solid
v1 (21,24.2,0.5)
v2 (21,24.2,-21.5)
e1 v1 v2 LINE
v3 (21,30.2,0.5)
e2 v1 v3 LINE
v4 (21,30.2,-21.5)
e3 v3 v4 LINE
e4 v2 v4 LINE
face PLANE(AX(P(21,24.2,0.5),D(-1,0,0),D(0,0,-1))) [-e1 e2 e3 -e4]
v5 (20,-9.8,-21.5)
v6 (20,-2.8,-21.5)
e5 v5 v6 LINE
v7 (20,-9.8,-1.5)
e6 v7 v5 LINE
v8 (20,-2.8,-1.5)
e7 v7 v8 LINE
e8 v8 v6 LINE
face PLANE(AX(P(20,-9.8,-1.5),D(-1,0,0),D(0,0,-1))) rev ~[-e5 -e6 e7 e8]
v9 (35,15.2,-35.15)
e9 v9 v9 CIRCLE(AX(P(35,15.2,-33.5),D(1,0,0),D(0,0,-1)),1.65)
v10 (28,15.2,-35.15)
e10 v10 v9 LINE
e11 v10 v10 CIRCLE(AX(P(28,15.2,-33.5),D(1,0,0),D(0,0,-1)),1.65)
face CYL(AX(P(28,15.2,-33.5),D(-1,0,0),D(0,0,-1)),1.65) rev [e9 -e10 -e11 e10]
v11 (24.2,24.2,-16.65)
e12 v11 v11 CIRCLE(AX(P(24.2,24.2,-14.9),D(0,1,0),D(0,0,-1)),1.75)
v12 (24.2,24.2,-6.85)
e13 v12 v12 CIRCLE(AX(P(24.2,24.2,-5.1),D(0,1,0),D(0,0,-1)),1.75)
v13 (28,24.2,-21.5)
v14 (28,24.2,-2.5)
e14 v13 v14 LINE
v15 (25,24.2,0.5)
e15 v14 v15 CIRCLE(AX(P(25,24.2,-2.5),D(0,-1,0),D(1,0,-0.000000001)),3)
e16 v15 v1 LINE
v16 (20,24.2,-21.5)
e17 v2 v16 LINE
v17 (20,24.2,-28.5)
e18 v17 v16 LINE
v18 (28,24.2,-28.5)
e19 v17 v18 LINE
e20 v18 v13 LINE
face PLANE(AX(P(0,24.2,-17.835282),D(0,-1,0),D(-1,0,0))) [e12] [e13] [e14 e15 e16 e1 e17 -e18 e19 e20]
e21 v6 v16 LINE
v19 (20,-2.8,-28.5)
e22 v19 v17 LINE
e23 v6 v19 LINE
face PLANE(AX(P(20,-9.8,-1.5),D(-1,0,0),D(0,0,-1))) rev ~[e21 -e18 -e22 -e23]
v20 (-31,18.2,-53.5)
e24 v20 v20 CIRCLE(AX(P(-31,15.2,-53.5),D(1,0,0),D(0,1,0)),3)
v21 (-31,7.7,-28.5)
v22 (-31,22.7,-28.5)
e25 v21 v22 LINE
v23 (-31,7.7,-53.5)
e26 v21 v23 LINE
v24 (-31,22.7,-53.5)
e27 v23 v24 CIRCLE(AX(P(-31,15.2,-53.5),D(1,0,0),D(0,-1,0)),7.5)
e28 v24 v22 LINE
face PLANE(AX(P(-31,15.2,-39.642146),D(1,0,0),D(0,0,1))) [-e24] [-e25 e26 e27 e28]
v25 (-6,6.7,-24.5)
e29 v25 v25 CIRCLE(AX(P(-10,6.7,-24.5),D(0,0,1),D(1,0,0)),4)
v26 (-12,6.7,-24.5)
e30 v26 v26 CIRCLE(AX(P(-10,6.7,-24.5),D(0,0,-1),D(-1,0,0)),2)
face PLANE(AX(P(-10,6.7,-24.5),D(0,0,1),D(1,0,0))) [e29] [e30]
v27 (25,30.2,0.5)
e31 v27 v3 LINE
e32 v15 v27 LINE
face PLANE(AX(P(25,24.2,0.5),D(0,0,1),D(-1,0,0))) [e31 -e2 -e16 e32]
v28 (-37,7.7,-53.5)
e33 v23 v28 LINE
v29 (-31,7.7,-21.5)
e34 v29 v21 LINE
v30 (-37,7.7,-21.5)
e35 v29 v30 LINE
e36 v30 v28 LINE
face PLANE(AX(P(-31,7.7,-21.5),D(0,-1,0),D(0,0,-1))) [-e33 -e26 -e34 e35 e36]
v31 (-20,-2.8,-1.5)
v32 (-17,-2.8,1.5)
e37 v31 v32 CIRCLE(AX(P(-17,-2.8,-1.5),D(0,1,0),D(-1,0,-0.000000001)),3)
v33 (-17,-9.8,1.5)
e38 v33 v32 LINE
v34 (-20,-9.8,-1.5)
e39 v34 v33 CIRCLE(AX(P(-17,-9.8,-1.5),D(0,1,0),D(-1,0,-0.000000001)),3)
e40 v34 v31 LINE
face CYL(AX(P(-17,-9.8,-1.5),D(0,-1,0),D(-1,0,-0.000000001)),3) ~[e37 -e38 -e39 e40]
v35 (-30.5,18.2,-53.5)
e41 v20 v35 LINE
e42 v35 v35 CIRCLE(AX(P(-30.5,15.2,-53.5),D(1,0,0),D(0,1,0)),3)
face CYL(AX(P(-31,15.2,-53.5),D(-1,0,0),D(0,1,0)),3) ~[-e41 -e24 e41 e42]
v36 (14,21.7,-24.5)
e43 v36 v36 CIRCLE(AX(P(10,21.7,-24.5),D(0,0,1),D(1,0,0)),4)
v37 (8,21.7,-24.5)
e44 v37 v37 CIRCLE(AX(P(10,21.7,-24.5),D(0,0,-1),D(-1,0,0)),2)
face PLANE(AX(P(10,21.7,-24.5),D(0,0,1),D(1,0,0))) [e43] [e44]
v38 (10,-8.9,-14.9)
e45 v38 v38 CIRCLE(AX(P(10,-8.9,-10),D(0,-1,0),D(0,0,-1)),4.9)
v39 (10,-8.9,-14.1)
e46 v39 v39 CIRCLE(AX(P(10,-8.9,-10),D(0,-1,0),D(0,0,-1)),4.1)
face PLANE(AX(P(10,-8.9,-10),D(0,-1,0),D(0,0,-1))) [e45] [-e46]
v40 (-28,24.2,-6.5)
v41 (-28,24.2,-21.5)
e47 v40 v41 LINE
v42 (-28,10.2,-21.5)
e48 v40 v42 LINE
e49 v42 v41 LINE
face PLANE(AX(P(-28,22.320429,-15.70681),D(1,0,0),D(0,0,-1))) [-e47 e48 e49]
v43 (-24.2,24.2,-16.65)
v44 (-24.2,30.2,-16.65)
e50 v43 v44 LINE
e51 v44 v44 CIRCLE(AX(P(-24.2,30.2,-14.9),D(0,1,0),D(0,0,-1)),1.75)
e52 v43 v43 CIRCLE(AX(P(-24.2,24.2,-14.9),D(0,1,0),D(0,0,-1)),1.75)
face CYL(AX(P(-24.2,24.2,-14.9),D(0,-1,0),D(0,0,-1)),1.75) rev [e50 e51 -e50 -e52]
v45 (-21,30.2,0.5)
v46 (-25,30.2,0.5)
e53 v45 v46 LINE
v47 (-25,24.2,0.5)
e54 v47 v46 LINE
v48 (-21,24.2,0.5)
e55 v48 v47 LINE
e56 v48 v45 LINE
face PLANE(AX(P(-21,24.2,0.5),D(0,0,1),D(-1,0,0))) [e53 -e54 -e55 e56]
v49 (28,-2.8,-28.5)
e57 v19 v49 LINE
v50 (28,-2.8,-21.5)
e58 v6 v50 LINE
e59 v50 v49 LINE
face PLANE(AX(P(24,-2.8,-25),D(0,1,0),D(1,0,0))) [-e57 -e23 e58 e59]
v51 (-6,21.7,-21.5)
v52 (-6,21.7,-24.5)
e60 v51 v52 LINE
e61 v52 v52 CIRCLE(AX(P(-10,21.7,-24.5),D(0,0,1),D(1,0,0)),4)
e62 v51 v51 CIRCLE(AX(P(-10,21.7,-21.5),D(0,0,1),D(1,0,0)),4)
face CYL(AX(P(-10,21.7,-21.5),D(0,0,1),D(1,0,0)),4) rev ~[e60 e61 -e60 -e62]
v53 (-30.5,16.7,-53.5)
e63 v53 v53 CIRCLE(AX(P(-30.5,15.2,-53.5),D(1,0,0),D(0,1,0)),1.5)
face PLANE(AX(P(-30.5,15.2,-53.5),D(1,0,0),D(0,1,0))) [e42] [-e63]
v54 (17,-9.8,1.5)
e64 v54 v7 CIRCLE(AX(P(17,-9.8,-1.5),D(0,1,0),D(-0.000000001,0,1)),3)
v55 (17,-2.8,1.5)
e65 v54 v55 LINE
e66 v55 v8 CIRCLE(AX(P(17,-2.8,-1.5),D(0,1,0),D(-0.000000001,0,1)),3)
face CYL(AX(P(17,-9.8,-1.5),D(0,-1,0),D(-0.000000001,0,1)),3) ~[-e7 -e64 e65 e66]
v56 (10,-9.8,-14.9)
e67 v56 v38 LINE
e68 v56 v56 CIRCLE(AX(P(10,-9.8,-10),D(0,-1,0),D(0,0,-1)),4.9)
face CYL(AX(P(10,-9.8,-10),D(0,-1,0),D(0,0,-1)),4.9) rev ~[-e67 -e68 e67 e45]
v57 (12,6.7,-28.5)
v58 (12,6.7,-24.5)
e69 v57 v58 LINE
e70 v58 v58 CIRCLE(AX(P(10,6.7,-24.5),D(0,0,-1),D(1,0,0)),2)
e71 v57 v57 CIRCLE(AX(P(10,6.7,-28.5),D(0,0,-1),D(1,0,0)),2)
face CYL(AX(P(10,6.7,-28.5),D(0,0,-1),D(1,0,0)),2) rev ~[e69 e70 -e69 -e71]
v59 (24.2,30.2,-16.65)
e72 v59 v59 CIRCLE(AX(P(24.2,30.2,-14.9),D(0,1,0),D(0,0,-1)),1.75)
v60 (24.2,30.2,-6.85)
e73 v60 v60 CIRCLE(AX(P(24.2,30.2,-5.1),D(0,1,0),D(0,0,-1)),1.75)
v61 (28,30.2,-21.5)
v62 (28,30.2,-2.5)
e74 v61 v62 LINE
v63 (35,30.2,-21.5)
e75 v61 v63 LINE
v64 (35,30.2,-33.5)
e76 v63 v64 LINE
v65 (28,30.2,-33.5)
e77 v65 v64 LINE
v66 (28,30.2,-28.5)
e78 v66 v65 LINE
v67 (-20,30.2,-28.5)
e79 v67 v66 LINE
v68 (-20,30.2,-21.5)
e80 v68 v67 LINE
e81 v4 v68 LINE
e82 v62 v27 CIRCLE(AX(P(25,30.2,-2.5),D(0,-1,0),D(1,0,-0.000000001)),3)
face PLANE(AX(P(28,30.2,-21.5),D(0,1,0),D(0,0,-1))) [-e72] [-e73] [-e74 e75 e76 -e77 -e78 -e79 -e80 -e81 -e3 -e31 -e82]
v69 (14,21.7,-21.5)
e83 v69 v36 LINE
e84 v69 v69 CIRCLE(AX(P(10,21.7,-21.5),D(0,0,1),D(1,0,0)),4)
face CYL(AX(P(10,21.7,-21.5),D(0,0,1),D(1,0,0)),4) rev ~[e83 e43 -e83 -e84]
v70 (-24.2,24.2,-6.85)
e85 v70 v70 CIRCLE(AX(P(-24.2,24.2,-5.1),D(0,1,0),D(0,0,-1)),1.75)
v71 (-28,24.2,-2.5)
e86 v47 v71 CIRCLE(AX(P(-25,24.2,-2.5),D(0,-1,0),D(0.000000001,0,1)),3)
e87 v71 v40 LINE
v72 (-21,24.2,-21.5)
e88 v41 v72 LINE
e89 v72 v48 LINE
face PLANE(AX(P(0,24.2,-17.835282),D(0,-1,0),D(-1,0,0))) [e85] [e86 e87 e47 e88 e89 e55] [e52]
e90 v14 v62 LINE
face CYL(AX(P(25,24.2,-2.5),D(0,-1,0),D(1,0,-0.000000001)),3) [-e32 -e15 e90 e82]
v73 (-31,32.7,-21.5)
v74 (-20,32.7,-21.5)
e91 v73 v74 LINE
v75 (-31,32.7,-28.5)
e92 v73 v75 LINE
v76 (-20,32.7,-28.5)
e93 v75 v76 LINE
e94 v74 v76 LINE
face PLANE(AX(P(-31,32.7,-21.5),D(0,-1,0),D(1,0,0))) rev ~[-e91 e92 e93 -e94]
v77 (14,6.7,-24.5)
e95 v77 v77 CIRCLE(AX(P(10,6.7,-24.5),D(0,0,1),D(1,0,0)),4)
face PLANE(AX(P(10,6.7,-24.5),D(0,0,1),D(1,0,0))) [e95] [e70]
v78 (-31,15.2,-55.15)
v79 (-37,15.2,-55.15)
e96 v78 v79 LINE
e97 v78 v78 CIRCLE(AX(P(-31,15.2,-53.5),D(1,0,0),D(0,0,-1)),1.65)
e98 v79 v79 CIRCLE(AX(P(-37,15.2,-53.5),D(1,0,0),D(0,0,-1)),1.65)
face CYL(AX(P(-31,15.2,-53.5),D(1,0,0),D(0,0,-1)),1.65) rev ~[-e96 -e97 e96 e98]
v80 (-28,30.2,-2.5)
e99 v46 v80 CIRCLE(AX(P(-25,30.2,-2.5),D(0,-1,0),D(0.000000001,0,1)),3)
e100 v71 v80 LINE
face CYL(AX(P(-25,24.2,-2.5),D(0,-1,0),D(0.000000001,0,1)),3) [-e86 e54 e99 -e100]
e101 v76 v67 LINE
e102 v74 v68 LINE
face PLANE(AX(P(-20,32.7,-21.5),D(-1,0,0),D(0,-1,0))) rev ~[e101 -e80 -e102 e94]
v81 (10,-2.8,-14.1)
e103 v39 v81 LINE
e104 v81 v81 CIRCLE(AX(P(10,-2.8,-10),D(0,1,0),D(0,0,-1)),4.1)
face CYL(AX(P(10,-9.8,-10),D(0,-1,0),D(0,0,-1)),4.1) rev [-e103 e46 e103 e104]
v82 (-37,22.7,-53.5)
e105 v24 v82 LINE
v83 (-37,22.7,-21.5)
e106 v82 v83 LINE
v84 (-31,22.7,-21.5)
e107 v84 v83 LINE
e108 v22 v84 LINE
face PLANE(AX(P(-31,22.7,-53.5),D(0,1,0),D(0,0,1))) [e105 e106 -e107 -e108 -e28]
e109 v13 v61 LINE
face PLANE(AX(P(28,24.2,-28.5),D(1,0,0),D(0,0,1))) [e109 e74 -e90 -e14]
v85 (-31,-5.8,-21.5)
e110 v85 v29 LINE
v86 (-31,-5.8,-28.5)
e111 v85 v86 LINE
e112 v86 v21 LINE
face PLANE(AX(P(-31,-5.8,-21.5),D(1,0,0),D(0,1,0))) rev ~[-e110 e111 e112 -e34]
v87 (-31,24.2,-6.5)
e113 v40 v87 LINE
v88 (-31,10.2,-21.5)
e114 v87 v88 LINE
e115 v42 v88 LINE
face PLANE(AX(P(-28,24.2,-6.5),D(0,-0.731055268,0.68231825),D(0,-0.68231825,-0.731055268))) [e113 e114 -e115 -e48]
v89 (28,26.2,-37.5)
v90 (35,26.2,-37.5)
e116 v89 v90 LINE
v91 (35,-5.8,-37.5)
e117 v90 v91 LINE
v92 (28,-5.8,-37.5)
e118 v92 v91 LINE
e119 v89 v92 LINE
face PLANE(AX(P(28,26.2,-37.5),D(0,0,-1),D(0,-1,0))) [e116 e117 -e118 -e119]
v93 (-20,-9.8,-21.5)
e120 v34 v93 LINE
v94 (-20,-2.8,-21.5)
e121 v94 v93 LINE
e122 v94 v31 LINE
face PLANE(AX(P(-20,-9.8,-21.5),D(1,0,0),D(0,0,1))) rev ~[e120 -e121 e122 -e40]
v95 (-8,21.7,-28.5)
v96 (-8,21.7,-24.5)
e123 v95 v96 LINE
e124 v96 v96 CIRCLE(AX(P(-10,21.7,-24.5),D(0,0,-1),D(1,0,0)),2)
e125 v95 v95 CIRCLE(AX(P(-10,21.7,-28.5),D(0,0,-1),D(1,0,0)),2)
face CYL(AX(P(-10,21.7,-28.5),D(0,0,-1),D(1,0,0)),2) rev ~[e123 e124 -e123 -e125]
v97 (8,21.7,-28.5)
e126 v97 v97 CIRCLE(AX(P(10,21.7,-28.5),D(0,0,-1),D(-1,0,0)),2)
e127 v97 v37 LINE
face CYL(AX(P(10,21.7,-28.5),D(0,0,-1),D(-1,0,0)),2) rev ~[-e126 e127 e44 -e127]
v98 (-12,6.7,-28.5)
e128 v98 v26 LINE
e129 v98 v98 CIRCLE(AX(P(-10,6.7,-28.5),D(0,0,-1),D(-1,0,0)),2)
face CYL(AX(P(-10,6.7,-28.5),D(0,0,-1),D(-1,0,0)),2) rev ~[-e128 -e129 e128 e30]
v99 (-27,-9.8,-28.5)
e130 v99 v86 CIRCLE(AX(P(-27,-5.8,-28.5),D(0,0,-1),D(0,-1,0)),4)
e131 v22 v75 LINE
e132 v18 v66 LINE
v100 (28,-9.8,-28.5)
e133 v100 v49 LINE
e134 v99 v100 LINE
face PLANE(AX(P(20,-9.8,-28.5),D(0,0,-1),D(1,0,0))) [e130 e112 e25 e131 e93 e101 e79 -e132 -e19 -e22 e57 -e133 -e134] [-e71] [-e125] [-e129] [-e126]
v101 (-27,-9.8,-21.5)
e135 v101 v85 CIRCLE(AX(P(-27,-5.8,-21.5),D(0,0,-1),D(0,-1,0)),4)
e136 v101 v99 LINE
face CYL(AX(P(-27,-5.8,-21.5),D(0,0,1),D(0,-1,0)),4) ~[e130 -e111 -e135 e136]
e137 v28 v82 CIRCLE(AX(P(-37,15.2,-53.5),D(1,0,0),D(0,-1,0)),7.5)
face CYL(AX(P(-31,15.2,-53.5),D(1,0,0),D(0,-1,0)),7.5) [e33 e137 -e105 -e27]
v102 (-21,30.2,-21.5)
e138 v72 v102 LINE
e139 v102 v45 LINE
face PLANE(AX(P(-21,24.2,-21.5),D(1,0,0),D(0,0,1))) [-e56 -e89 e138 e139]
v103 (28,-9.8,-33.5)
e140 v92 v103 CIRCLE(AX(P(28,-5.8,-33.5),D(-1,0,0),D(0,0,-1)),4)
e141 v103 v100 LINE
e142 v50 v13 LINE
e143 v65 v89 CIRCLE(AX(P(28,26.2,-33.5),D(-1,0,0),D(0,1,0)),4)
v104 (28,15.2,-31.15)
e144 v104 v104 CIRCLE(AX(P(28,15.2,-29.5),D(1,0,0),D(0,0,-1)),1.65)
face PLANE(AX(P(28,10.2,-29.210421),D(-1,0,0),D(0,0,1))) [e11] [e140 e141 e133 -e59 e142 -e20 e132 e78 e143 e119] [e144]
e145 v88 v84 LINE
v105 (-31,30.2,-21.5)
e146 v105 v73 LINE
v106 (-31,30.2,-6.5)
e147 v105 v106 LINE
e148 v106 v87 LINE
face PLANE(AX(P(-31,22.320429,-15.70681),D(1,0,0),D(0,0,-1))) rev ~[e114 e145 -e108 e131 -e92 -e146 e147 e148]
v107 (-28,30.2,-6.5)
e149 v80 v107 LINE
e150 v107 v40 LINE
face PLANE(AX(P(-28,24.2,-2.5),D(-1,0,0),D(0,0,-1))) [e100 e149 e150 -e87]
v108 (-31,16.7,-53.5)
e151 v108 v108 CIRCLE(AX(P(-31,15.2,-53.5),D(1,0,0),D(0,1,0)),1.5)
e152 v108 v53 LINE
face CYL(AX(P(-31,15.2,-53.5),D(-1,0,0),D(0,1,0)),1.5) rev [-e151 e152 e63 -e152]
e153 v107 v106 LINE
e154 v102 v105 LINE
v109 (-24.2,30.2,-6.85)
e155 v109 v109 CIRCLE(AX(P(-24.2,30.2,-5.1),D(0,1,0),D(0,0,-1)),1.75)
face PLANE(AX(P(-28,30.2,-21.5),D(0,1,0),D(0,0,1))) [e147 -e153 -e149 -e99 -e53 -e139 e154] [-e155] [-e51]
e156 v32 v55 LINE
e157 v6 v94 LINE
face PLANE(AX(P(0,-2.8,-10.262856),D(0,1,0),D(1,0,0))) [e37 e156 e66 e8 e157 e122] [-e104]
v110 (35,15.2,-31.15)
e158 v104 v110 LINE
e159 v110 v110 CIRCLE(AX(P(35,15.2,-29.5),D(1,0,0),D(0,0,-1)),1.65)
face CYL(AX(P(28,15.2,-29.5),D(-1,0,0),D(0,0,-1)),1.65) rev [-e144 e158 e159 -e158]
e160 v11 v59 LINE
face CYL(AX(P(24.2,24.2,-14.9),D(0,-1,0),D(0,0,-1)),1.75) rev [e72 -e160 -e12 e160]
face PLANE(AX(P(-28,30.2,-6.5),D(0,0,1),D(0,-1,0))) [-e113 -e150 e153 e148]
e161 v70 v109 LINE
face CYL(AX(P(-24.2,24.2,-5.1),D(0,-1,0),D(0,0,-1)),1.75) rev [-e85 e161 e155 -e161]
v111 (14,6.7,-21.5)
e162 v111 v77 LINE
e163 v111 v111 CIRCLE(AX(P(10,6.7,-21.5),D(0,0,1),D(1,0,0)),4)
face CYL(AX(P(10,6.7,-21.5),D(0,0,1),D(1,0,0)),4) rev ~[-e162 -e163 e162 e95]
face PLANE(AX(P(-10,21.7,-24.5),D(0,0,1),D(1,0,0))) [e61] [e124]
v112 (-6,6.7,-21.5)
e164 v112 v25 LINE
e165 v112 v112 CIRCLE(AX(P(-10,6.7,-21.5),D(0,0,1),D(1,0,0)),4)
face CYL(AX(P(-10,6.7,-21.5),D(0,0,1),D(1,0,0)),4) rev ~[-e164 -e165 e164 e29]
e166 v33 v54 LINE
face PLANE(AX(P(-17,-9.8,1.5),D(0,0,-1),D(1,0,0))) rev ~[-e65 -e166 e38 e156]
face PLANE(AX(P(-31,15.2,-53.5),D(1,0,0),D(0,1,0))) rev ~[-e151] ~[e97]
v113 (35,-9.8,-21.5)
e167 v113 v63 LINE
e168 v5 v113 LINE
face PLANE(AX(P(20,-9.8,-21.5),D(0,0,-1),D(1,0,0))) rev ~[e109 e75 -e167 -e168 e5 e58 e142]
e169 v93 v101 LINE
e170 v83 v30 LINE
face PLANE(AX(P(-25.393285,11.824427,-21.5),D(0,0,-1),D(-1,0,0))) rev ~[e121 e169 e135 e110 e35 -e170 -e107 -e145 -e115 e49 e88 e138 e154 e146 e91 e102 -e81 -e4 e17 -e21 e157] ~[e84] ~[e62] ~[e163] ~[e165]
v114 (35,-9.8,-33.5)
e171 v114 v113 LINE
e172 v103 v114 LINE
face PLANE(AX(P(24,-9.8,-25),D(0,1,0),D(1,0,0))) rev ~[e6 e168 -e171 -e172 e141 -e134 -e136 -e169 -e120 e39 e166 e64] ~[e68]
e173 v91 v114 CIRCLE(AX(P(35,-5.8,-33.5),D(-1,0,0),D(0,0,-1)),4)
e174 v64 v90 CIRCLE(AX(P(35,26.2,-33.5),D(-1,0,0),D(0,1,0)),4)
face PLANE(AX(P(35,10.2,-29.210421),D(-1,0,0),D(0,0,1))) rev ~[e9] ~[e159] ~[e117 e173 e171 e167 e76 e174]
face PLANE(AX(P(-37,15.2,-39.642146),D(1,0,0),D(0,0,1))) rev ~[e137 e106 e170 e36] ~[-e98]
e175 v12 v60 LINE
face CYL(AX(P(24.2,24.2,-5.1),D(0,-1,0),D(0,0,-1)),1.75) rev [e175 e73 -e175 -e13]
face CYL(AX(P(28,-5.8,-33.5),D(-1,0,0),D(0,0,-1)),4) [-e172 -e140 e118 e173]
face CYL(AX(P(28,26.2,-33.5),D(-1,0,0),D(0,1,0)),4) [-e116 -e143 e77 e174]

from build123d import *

# Parameters (mm, degrees)
EXTRUDE_START       = 24.2
SKETCH_4_R          = 1.75
EXTRUDE_1_DEPTH     = 6
SKETCH_5_W          = 40
SKETCH_5_H          = 34
SKETCH_5_R          = 2
EXTRUDE_2_DEPTH     = 7
CUT_EXTRUDE_START   = -21.5
SKETCH_6_R          = 4
CUT_EXTRUDE_1_DEPTH = 3
EXTRUDE_START_2     = -9.8
SKETCH_7_R          = 4.1
EXTRUDE_3_DEPTH     = 7
SKETCH_8_R          = 4.9
CUT_EXTRUDE_2_DEPTH = 0.9
EXTRUDE_START_3     = -53
SKETCH_9_R          = 1.65
EXTRUDE_4_DEPTH     = 6
EXTRUDE_START_4     = -21.5
EXTRUDE_5_DEPTH     = 7
EXTRUDE_START_5     = -28
EXTRUDE_7_DEPTH     = 3
EXTRUDE_START_6     = 28
SKETCH_14_R         = 1.65
EXTRUDE_8_DEPTH     = 7
SKETCH_15_W         = 8
SKETCH_15_H         = 7
EXTRUDE_9_DEPTH     = 7
SKETCH_17_R         = 3
SKETCH_17_R_2       = 1.5
EXTRUDE_11_DEPTH    = 0.5


with BuildPart() as part:
    # 草图4 → 凸台-拉伸1 (new body)
    with BuildSketch(Plane(origin=(0, 0, 0), x_dir=(1, 0, 0), z_dir=(0, 1, 0)).offset(EXTRUDE_START)):
        with BuildLine():
            Line((-28, 28.5), (28, 28.5))
            Line((28, 28.5), (28, 2.5))
            ThreePointArc((28, 2.5), (27.121320344, 0.378679656), (25, -0.5))
            Line((25, -0.5), (21, -0.5))
            Line((21, -0.5), (21, 21.5))
            Line((21, 21.5), (-21, 21.5))
            Line((-21, 21.5), (-21, -0.5))
            Line((-21, -0.5), (-25, -0.5))
            ThreePointArc((-25, -0.5), (-27.121320344, 0.378679656), (-28, 2.5))
            Line((-28, 2.5), (-28, 28.5))
        make_face()
        with Locations(Location((-24.2, 14.9, 0), (0, 0, 90))):
            Circle(SKETCH_4_R, mode=Mode.SUBTRACT)
        with Locations(Location((-24.2, 5.1, 0), (0, 0, 90))):
            Circle(SKETCH_4_R, mode=Mode.SUBTRACT)
        with Locations(Location((24.2, 14.9, 0), (0, 0, 90))):
            Circle(SKETCH_4_R, mode=Mode.SUBTRACT)
        with Locations(Location((24.2, 5.1, 0), (0, 0, 90))):
            Circle(SKETCH_4_R, mode=Mode.SUBTRACT)
    extrude(amount=EXTRUDE_1_DEPTH)

    # 草图5 → 凸台-拉伸2 (add)
    with BuildSketch(Plane(origin=(0, 0, -28.5), x_dir=(-1, 0, 0), z_dir=(0, 0, -1))):
        with Locations((0, 7.2)):
            Rectangle(SKETCH_5_W, SKETCH_5_H)
        with Locations((-10, 21.7)):
            Circle(SKETCH_5_R, mode=Mode.SUBTRACT)
        with Locations(Location((10, 21.7, 0), (0, 0, 180))):
            Circle(SKETCH_5_R, mode=Mode.SUBTRACT)
        with Locations((10, 6.7)):
            Circle(SKETCH_5_R, mode=Mode.SUBTRACT)
        with Locations(Location((-10, 6.7, 0), (0, 0, 180))):
            Circle(SKETCH_5_R, mode=Mode.SUBTRACT)
    extrude(amount=-EXTRUDE_2_DEPTH)

    # 草图6 → 切除-拉伸1 (cut)
    with BuildSketch(Plane.XY.offset(CUT_EXTRUDE_START)):
        with Locations((-10, 21.7)):
            Circle(SKETCH_6_R)
        with Locations((10, 21.7)):
            Circle(SKETCH_6_R)
        with Locations((-10, 6.7)):
            Circle(SKETCH_6_R)
        with Locations((10, 6.7)):
            Circle(SKETCH_6_R)
    extrude(amount=-CUT_EXTRUDE_1_DEPTH, mode=Mode.SUBTRACT)

    # 草图7 → 凸台-拉伸3 (add)
    with BuildSketch(Plane(origin=(0, 0, 0), x_dir=(1, 0, 0), z_dir=(0, 1, 0)).offset(EXTRUDE_START_2)):
        with BuildLine():
            Line((20, 21.5), (-20, 21.5))
            Line((-20, 21.5), (-20, 1.5))
            ThreePointArc((-20, 1.5), (-19.121320344, -0.621320344), (-17, -1.5))
            Line((-17, -1.5), (17, -1.5))
            ThreePointArc((17, -1.5), (19.121320344, -0.621320344), (20, 1.5))
            Line((20, 1.5), (20, 21.5))
        make_face()
        with Locations(Location((10, 10, 0), (0, 0, 90))):
            Circle(SKETCH_7_R, mode=Mode.SUBTRACT)
    extrude(amount=EXTRUDE_3_DEPTH)

    # 草图8 → 切除-拉伸2 (cut)
    with BuildSketch(Plane.XZ.offset(9.8)):
        with Locations(Location((10, -10, 0), (0, 0, 270))):
            Circle(SKETCH_8_R)
    extrude(amount=-CUT_EXTRUDE_2_DEPTH, mode=Mode.SUBTRACT)



with BuildPart() as body_2:
    # 草图9 → 凸台-拉伸4 (new body)
    with BuildSketch(Plane(origin=(22, 25.2, -45.868265324), x_dir=(0, 0, 1), z_dir=(1, 0, 0)).offset(EXTRUDE_START_3)):
        with BuildLine():
            Line((-7.631734676, 2.5), (24.368265324, 2.5))
            Line((24.368265324, 2.5), (24.368265324, 17.5))
            Line((24.368265324, 17.5), (-7.631734676, 17.5))
            ThreePointArc((-7.631734676, 17.5), (-15.131734676, 10), (-7.631734676, 2.5))
        make_face()
        with Locations(Location((-7.631734676, 10, 0), (0, 0, 180))):
            Circle(SKETCH_9_R, mode=Mode.SUBTRACT)
    extrude(amount=-EXTRUDE_4_DEPTH)


with BuildPart() as part_1:
    add(part.part)

    add(body_2.part)  # 凸台-拉伸5 merges body 2
    # 草图10 → 凸台-拉伸5 (add)
    with BuildSketch(Plane.XY.offset(EXTRUDE_START_4)):
        with BuildLine():
            Line((-31, 32.7), (-20, 32.7))
            Line((-20, 32.7), (-20, -9.8))
            Line((-20, -9.8), (-27, -9.8))
            ThreePointArc((-27, -9.8), (-29.828427125, -8.628427125), (-31, -5.8))
            Line((-31, -5.8), (-31, 32.7))
        make_face()
    extrude(amount=-EXTRUDE_5_DEPTH)

    # 草图12 → 凸台-拉伸7 (add)
    with BuildSketch(Plane(origin=(0, 0, 0), x_dir=(0, 0, -1), z_dir=(1, 0, 0)).offset(EXTRUDE_START_5)):
        Polygon((6.5, 30.2), (6.5, 24.2), (21.5, 10.2), (21.5, 30.2), align=None)
    extrude(amount=-EXTRUDE_7_DEPTH)

    # 草图14 → 凸台-拉伸8 (add)
    with BuildSketch(Plane(origin=(0, 0, 0), x_dir=(0, 0, -1), z_dir=(1, 0, 0)).offset(EXTRUDE_START_6)):
        with BuildLine():
            Line((21.5, 30.2), (33.5, 30.2))
            ThreePointArc((33.5, 30.2), (36.328427125, 29.028427125), (37.5, 26.2))
            Line((37.5, 26.2), (37.5, -5.8))
            ThreePointArc((37.5, -5.8), (36.328427125, -8.628427125), (33.5, -9.8))
            Line((33.5, -9.8), (21.5, -9.8))
            Line((21.5, -9.8), (21.5, 30.2))
        make_face()
        with Locations((29.5, 15.2)):
            Circle(SKETCH_14_R, mode=Mode.SUBTRACT)
        with Locations((33.5, 15.2)):
            Circle(SKETCH_14_R, mode=Mode.SUBTRACT)
    extrude(amount=EXTRUDE_8_DEPTH)

    # 草图15 → 凸台-拉伸9 (add)
    with BuildSketch(Plane(origin=(0, 0, 0), x_dir=(1, 0, 0), z_dir=(0, 1, 0)).offset(EXTRUDE_START_2)):
        with Locations((24, 25)):
            Rectangle(SKETCH_15_W, SKETCH_15_H)
    extrude(amount=EXTRUDE_9_DEPTH)

    # 草图17 → 凸台-拉伸11 (add)
    with BuildSketch(Plane(origin=(-31, 0, 0), x_dir=(0, 0, -1), z_dir=(1, 0, 0))):
        with Locations(Location((53.5, 15.2, 0), (0, 0, 90))):
            Circle(SKETCH_17_R)
        with Locations(Location((53.5, 15.2, 0), (0, 0, 90))):
            Circle(SKETCH_17_R_2, mode=Mode.SUBTRACT)
    extrude(amount=EXTRUDE_11_DEPTH)


solid = part_1.part
